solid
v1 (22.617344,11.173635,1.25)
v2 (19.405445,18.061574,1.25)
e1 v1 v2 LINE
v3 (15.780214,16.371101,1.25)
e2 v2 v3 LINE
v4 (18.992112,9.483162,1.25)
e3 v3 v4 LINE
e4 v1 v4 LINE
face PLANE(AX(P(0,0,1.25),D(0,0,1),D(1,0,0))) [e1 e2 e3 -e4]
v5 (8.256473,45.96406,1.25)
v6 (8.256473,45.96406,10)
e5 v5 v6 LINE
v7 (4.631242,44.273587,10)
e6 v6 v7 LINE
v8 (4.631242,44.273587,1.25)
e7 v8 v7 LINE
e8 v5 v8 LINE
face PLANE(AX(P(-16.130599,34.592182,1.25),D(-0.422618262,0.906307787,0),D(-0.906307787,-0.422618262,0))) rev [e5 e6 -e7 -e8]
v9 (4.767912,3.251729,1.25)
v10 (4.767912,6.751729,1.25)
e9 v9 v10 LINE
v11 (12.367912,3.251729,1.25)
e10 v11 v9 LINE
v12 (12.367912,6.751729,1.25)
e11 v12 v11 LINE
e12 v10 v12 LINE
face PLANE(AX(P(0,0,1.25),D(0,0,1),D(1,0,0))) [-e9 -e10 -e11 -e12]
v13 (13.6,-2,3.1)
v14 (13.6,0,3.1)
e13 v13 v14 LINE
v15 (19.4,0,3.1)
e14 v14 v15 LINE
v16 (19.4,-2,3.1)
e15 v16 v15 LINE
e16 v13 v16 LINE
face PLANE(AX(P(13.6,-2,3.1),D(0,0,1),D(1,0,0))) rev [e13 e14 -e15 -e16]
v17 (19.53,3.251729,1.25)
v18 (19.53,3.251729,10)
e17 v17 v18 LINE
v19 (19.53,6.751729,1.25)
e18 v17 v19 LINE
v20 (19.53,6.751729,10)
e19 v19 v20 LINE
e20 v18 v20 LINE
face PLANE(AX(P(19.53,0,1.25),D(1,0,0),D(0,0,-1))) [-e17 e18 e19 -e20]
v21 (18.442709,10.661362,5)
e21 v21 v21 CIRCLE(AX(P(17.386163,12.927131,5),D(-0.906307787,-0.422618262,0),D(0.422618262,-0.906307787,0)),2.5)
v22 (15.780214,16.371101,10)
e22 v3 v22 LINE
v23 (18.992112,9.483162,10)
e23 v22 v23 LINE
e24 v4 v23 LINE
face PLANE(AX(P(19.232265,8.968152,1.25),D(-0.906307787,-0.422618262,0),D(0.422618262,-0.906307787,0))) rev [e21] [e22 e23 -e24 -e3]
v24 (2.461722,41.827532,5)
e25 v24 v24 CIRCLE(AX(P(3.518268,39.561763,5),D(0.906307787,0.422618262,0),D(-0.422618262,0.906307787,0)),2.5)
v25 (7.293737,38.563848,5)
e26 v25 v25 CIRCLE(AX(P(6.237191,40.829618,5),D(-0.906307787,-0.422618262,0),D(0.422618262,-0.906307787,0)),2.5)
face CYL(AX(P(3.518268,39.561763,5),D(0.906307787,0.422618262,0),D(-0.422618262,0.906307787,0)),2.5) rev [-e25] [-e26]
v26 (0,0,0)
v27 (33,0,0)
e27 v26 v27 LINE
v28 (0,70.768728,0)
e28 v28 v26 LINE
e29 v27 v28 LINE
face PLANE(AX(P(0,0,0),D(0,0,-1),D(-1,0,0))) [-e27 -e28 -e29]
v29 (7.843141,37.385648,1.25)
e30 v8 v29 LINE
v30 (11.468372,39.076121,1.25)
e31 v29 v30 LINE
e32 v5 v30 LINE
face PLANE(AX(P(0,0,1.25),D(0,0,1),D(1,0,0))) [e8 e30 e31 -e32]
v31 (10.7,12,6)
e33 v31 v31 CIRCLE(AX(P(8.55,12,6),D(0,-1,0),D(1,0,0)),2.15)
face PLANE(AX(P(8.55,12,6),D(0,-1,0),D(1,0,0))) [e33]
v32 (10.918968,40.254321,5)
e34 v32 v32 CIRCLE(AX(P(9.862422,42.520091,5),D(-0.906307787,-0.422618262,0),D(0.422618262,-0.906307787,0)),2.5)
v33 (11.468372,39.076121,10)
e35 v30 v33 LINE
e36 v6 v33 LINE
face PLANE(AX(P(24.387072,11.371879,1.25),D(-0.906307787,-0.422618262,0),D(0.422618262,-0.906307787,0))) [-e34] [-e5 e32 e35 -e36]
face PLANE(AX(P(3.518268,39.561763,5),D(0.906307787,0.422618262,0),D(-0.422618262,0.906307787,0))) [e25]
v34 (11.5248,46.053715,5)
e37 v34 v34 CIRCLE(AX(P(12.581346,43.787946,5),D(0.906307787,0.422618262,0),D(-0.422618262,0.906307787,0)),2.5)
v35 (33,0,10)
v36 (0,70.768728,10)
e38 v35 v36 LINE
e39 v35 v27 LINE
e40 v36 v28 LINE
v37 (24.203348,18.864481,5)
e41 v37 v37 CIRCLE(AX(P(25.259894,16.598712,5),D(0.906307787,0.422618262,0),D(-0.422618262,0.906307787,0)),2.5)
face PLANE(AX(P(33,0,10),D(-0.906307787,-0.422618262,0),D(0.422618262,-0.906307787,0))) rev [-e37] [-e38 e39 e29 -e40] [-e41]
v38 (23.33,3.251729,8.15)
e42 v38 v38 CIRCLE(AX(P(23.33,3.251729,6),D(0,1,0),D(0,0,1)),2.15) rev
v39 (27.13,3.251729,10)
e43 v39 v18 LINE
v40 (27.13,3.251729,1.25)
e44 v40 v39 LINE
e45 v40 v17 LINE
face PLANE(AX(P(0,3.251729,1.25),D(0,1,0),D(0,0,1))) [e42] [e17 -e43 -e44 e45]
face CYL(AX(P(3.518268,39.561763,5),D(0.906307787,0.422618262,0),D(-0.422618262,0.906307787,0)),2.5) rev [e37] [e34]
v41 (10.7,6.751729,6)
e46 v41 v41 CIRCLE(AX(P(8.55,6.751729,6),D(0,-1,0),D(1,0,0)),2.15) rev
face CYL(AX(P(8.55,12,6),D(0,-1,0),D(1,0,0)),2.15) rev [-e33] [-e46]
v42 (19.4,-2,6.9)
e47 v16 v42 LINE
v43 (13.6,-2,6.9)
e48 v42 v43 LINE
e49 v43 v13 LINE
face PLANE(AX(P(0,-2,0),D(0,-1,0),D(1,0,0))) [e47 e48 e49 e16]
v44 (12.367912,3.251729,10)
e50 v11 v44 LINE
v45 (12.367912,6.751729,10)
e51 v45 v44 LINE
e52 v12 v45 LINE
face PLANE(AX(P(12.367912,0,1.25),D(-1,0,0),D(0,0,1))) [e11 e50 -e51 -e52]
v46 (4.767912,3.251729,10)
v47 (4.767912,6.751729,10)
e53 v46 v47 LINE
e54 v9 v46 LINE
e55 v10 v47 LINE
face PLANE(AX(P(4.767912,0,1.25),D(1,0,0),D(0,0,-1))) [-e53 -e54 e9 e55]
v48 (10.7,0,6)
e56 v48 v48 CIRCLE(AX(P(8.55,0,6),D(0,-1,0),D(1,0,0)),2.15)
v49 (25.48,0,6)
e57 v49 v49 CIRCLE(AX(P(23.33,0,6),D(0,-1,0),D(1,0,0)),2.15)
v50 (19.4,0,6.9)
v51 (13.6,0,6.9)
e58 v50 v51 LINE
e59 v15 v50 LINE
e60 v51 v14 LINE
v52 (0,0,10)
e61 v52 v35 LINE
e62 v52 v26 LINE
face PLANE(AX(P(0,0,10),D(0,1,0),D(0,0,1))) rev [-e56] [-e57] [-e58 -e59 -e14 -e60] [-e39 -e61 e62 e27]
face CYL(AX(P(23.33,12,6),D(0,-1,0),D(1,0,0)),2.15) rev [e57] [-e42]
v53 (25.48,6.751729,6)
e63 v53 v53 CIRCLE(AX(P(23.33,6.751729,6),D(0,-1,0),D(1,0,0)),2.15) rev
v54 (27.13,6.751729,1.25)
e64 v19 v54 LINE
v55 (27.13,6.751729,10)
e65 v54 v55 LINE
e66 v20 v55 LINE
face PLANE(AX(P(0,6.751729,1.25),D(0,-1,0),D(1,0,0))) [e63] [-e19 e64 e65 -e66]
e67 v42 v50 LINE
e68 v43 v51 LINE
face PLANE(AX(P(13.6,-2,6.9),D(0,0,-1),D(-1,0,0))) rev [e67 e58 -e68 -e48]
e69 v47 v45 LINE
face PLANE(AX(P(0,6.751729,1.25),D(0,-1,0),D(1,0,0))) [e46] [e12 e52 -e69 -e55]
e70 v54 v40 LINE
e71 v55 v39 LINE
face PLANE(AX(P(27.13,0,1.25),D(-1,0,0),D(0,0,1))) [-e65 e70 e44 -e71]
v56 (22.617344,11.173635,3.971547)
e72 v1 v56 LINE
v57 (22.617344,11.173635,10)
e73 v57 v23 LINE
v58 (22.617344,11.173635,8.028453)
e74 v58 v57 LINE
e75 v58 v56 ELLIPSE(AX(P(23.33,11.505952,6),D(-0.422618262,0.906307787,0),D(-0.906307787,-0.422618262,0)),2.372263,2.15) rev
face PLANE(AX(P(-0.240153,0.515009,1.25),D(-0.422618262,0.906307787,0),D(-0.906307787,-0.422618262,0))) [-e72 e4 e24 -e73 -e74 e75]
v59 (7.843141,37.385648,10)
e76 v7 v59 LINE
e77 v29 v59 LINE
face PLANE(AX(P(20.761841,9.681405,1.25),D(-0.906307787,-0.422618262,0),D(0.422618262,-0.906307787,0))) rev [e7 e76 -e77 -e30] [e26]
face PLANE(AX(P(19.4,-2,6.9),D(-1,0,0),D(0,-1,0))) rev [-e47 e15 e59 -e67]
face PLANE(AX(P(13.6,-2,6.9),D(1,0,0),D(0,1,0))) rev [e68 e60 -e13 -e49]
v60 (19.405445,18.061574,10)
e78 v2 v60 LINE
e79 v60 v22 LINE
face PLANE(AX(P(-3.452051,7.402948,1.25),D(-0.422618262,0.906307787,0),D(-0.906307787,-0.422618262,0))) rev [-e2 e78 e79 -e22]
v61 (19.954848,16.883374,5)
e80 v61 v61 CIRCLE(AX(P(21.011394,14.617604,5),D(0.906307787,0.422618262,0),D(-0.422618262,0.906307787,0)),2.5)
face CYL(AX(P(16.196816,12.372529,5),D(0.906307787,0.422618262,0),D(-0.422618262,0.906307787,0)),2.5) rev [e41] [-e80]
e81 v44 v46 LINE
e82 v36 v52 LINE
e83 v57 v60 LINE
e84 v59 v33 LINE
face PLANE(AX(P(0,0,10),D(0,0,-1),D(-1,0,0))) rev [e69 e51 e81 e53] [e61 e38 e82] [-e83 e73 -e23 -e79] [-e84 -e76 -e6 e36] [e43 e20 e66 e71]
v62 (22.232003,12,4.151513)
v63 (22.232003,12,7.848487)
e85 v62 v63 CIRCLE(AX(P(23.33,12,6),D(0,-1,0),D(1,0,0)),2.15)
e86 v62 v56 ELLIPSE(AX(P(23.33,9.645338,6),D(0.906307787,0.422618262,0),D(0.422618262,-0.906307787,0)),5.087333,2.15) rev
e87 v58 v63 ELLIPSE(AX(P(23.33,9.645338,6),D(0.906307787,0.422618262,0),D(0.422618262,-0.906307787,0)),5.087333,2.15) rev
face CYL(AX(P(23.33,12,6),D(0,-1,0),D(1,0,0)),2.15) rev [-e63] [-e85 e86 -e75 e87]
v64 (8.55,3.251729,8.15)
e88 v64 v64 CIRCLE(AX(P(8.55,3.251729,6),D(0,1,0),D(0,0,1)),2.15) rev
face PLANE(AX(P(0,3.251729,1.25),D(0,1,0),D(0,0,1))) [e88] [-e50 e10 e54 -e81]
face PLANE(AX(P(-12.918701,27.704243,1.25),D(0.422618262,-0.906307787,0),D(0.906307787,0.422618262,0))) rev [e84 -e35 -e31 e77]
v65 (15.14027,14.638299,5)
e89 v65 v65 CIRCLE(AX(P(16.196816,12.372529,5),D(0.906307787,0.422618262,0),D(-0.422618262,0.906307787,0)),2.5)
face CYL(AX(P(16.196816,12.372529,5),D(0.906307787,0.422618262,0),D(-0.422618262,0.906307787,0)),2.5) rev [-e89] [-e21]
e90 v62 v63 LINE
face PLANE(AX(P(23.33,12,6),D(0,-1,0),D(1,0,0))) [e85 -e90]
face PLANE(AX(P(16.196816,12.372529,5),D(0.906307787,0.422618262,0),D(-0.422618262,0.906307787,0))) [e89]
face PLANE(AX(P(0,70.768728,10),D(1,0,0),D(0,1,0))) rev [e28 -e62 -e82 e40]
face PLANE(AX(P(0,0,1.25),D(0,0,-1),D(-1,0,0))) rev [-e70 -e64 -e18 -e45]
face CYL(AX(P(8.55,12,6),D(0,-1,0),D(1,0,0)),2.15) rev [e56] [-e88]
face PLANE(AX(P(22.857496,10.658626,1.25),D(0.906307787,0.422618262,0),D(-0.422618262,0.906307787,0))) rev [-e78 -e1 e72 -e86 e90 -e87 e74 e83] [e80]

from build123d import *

# Parameters (mm, degrees)
BOSS_EXTRUDE1_DEPTH = 10
SKETCH2_W           = 5.8
SKETCH2_H           = 3.8
BOSS_EXTRUDE2_DEPTH = 2
SKETCH3_R           = 2.15
CUT_EXTRUDE1_DEPTH  = 12
CUT_EXTRUDE5_START  = -10
SKETCH4_W           = 7.6
SKETCH4_H           = 3.5
CUT_EXTRUDE5_DEPTH  = 8.75
SKETCH7_W           = 7.6
SKETCH7_H           = 3.5
CUT_EXTRUDE6_DEPTH  = 8.75
CUT_EXTRUDE7_DEPTH  = 8.75
SKETCH12_R          = 2.5
CUT_EXTRUDE8_DEPTH  = 10


with BuildPart() as part:
    # Sketch1 → Boss-Extrude1 (new body)
    with BuildSketch(Plane.XY):
        Polygon((0, 70.768728377), (0, 0), (33, 0), align=None)
    extrude(amount=BOSS_EXTRUDE1_DEPTH)

    # Sketch2 → Boss-Extrude2 (add)
    with BuildSketch(Plane(origin=(0, 0, 0), x_dir=(-1, 0, 0), z_dir=(0, -1, 0))):
        with Locations((-16.5, -5)):
            Rectangle(SKETCH2_W, SKETCH2_H)
    extrude(amount=BOSS_EXTRUDE2_DEPTH)

    # Sketch3 → Cut-Extrude1 (cut)
    with BuildSketch(Plane(origin=(0, 0, 0), x_dir=(-1, 0, 0), z_dir=(0, -1, 0))):
        with Locations(Location((-23.33, -6, 0), (0, 0, 180))):
            Circle(SKETCH3_R)
        with Locations(Location((-8.55, -6, 0), (0, 0, 180))):
            Circle(SKETCH3_R)
    extrude(amount=-CUT_EXTRUDE1_DEPTH, mode=Mode.SUBTRACT)

    # Sketch4 → Cut-Extrude5 (cut)
    with BuildSketch(Plane(origin=(0, 0, 0), x_dir=(-1, 0, 0), z_dir=(0, 0, -1)).offset(CUT_EXTRUDE5_START)):
        with Locations((-23.33, 5.001728642)):
            Rectangle(SKETCH4_W, SKETCH4_H)
    extrude(amount=CUT_EXTRUDE5_DEPTH, mode=Mode.SUBTRACT)

    # Sketch7 → Cut-Extrude6 (cut)
    with BuildSketch(Plane.XY.offset(10)):
        with Locations((8.567911565, 5.001728642)):
            Rectangle(SKETCH7_W, SKETCH7_H)
    extrude(amount=-CUT_EXTRUDE6_DEPTH, mode=Mode.SUBTRACT)

    # Sketch10 → Cut-Extrude7 (cut)
    with BuildSketch(Plane.XY.offset(10)):
        Polygon((6.237191143, 40.829617725), (9.862422291, 42.520090772), (8.256472896, 45.964060362), (4.631241748, 44.273587315), align=None)
        Polygon((11.468371686, 39.076121181), (9.862422291, 42.520090772), (6.237191143, 40.829617725), (7.843140537, 37.385648134), align=None)
        Polygon((17.386162964, 12.927131096), (21.011394112, 14.617604143), (19.405444717, 18.061573734), (15.780213569, 16.371100687), align=None)
        Polygon((22.617343506, 11.173634553), (21.011394112, 14.617604143), (17.386162964, 12.927131096), (18.992112358, 9.483161506), align=None)
    extrude(amount=-CUT_EXTRUDE7_DEPTH, mode=Mode.SUBTRACT)

    # Sketch12 → Cut-Extrude8 (cut)
    with BuildSketch(Plane(origin=(27.10599556, 12.639733311, 0), x_dir=(0, 0, -1), z_dir=(0.9063077870366479, 0.422618261740704, 0))):
        with Locations(Location((-5, 34.368249607, 0), (0, 0, 90))):
            Circle(SKETCH12_R)
        with Locations(Location((-5, 4.368249607, 0), (0, 0, 90))):
            Circle(SKETCH12_R)
    extrude(amount=-CUT_EXTRUDE8_DEPTH, mode=Mode.SUBTRACT)


solid = part.part
